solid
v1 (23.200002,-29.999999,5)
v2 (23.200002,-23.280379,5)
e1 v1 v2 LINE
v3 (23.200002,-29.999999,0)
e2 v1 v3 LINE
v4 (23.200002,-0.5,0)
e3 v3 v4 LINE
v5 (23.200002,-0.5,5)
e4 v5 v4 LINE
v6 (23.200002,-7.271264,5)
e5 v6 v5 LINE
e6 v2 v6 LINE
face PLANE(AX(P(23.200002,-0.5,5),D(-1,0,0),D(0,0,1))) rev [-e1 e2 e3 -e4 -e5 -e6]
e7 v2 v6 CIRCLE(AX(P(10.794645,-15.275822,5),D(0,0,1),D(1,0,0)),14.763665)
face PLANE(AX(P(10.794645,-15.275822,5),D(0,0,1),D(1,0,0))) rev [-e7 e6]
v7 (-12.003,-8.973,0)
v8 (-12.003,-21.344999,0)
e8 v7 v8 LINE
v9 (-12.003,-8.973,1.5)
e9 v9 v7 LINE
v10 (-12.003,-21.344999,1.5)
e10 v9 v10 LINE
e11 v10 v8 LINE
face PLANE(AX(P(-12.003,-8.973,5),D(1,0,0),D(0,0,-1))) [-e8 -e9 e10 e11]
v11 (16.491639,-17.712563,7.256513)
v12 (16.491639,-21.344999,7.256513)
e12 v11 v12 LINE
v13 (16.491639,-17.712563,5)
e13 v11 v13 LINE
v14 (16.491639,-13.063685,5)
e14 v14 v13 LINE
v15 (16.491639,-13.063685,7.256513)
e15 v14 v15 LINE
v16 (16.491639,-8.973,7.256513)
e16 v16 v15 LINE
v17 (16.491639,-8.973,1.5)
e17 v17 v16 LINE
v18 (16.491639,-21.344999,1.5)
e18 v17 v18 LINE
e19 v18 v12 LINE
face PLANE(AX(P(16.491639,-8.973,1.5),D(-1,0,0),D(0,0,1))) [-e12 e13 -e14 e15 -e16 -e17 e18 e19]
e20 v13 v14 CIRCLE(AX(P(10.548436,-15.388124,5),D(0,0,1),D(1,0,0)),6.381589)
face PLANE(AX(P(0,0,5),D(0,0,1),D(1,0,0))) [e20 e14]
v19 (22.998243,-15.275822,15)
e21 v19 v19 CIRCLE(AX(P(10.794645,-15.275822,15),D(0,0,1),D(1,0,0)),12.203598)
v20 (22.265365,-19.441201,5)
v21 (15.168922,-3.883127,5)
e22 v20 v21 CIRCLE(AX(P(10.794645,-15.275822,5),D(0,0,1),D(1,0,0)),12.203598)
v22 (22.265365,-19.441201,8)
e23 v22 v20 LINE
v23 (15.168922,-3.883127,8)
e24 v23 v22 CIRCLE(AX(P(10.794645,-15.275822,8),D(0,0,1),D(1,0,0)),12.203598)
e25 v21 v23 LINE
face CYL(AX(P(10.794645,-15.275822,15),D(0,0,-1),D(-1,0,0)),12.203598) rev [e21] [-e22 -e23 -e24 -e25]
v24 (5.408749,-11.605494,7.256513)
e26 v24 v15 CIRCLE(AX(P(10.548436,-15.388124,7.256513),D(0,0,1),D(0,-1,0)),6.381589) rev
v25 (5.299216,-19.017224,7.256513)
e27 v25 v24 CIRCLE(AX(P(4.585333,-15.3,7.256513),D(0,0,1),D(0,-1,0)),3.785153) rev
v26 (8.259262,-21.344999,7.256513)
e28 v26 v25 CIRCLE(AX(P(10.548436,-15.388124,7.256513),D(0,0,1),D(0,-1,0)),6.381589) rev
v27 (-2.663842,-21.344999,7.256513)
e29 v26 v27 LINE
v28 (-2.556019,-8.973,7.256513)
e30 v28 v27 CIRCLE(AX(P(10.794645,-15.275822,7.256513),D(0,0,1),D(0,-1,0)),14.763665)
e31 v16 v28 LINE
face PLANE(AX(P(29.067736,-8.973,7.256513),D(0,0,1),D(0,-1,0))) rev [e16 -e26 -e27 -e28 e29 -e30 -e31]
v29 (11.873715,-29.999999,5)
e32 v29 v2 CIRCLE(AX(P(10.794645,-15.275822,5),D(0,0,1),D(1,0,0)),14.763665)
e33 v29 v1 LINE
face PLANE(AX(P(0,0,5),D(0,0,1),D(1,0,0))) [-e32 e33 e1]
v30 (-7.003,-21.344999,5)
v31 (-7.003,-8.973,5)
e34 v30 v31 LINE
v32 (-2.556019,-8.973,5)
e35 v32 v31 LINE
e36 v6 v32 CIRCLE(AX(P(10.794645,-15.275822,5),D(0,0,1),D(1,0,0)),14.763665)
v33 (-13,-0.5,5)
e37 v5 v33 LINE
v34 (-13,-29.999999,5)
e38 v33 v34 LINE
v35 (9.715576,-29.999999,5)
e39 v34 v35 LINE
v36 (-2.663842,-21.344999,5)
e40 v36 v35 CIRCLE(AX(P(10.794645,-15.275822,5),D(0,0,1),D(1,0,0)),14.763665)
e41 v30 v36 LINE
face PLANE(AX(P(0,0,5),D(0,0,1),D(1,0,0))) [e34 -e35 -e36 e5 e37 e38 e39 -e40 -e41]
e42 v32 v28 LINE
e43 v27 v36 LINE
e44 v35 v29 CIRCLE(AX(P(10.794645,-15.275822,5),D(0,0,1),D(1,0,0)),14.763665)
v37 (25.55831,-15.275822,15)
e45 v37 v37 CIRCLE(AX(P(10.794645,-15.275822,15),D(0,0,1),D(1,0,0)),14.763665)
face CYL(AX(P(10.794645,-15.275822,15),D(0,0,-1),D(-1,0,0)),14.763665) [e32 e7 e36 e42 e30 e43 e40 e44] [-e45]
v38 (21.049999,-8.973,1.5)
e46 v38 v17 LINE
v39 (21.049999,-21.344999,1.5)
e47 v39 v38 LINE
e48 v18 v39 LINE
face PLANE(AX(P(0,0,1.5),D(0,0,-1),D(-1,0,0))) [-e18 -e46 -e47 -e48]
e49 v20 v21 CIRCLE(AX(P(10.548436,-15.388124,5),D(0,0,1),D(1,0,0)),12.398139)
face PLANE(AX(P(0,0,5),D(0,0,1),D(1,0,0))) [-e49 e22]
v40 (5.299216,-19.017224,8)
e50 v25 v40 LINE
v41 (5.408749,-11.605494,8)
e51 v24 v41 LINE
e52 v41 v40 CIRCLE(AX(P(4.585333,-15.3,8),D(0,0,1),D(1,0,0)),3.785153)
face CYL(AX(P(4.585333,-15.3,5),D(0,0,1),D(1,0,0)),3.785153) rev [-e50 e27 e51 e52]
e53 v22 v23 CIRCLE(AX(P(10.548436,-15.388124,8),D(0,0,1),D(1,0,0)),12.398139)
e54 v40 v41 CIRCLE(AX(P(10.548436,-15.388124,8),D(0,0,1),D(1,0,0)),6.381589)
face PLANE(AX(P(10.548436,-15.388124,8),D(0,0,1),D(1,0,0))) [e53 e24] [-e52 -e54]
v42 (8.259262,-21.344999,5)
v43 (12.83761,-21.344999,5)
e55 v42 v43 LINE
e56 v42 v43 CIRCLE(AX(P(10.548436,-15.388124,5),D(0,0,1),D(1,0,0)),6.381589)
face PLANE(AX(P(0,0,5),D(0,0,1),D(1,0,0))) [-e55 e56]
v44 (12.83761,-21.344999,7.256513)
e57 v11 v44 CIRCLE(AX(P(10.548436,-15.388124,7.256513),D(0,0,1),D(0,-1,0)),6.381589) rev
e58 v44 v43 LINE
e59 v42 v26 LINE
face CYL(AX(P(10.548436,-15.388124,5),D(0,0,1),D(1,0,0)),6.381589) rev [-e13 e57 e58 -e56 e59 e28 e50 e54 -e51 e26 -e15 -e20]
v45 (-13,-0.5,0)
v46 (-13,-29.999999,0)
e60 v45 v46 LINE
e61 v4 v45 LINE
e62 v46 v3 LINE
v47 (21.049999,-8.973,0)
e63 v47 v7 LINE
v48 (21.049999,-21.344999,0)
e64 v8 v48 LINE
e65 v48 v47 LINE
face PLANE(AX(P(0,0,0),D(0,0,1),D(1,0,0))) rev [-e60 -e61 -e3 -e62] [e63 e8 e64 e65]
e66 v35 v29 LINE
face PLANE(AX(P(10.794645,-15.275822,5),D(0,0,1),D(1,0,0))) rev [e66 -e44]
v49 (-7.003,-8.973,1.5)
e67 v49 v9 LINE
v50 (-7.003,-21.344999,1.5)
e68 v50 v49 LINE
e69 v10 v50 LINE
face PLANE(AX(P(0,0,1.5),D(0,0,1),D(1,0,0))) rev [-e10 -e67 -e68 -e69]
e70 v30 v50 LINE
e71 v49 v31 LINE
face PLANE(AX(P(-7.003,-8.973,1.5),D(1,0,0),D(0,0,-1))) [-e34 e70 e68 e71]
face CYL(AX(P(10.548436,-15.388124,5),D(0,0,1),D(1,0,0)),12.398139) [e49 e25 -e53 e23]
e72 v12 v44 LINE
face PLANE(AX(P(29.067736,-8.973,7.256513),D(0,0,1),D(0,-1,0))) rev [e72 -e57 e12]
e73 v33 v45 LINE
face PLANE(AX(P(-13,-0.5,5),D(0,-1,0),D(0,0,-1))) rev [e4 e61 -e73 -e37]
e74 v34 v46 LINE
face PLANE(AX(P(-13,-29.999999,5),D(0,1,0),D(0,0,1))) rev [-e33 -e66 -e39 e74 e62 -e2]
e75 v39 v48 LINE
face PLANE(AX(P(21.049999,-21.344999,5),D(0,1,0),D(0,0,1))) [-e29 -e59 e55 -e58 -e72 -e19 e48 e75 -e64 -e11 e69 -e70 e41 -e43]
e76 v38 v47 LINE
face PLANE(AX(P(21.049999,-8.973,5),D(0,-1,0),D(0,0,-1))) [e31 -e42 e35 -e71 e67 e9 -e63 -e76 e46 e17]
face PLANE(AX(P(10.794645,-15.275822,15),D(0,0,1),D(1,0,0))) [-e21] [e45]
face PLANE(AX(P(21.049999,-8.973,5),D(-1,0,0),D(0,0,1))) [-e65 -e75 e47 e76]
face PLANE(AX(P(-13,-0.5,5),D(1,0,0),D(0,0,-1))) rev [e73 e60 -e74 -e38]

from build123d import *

# Parameters (mm, degrees)
ESQUISSE1_W             = 36.200001836
ESQUISSE1_H             = 29.499999305
BOSS_EXTRU_1_DEPTH      = 5
ESQUISSE2_W             = 33.052998595
ESQUISSE2_H             = 12.371999211
ENL_V_MAT_EXTRU_1_DEPTH = 5
BOSS_EXTRU_2_START      = 5
ESQUISSE3_W             = 4.558359629
ESQUISSE3_H             = 12.371999211
ESQUISSE3_W_2           = 4.999999888
ESQUISSE3_H_2           = 12.380001135
BOSS_EXTRU_2_DEPTH      = 3.5
BOSS_EXTRU_7_START      = 5
ESQUISSE5_R             = 14.763664953
ESQUISSE5_R_2           = 12.203597673
BOSS_EXTRU_7_DEPTH      = 10
BOSS_EXTRU_5_DEPTH      = 2
BOSS_EXTRU_5_DEPTH_BACK = 1
BOSS_EXTRU_5_START      = 6
ESQUISSE4_R             = 12.398139185
ENL_V_MAT_EXTRU_3_REACH = 53.128
ESQUISSE6_W             = 2.256513492
ESQUISSE6_H             = 12.371999211


with BuildPart() as part:
    # Esquisse1 → Boss.-Extru.1 (new body)
    with BuildSketch(Plane.XY):
        with Locations((5.10000065, -15.249999676)):
            Rectangle(ESQUISSE1_W, ESQUISSE1_H)
    extrude(amount=BOSS_EXTRU_1_DEPTH)

    # Esquisse2 → Enlèv. mat.-Extru.1 (cut)
    with BuildSketch(Plane.XY):
        with Locations((4.523499403, -15.158999246)):
            Rectangle(ESQUISSE2_W, ESQUISSE2_H)
    extrude(amount=ENL_V_MAT_EXTRU_1_DEPTH, mode=Mode.SUBTRACT)

    # Esquisse3 → Boss.-Extru.2 (add)
    with BuildSketch(Plane.XY.offset(BOSS_EXTRU_2_START)):
        with Locations((18.770818887, -15.158999246)):
            Rectangle(ESQUISSE3_W, ESQUISSE3_H)
        with Locations((-9.50299995, -15.163000208)):
            Rectangle(ESQUISSE3_W_2, ESQUISSE3_H_2)
    extrude(amount=-BOSS_EXTRU_2_DEPTH)

    # Esquisse5 → Boss.-Extru.7 (add)
    with BuildSketch(Plane.XY.offset(BOSS_EXTRU_7_START)):
        with Locations(Location((10.794645366, -15.275821527, 0), (0, 0, 204.273249948))):
            Circle(ESQUISSE5_R)
        with Locations(Location((10.794645366, -15.275821527, 0), (0, 0, 209.823305738))):
            Circle(ESQUISSE5_R_2, mode=Mode.SUBTRACT)
    extrude(amount=BOSS_EXTRU_7_DEPTH)

    # Esquisse4 → Boss.-Extru.5 (add, two sides: drawn at the far end of the back side and taken through both)
    with BuildSketch(Plane.XY.offset(BOSS_EXTRU_5_START - BOSS_EXTRU_5_DEPTH_BACK)):
        with Locations((10.5484362, -15.38812394)):
            Circle(ESQUISSE4_R)
        with BuildLine():
            ThreePointArc((5.299216058, -19.01722353), (16.929328279, -15.482422447), (5.408748548, -11.605494329))
            ThreePointArc((5.408748548, -11.605494329), (0.800592824, -15.244067738), (5.299216058, -19.01722353))
        make_face(mode=Mode.SUBTRACT)
    extrude(amount=BOSS_EXTRU_5_DEPTH + BOSS_EXTRU_5_DEPTH_BACK)

    # Enlèv. mat.-Extru.3: up to this face of the body (flat: up to its plane)
    enl_v_mat_extru_3_end = Plane(part.part.faces().sort_by_distance((16.491639072, -15.158999246, 3.25))[0])
    # Esquisse6 → Enlèv. mat.-Extru.3 (cut, up to the picked face)
    with BuildSketch(Plane.ZY.offset(13.000000268), mode=Mode.PRIVATE) as enl_v_mat_extru_3_sk1:
        with Locations((6.128256634, -15.158999246)):
            Rectangle(ESQUISSE6_W, ESQUISSE6_H)
    enl_v_mat_extru_3_tool1 = split(extrude(enl_v_mat_extru_3_sk1.sketch, amount=-ENL_V_MAT_EXTRU_3_REACH, mode=Mode.PRIVATE), bisect_by=enl_v_mat_extru_3_end, keep=Keep.BOTH, mode=Mode.PRIVATE)
    add(enl_v_mat_extru_3_tool1.solids().sort_by(Axis((-13, -15.158999, 6.128257), (1, 0, 0)))[0], mode=Mode.SUBTRACT)


solid = part.part
